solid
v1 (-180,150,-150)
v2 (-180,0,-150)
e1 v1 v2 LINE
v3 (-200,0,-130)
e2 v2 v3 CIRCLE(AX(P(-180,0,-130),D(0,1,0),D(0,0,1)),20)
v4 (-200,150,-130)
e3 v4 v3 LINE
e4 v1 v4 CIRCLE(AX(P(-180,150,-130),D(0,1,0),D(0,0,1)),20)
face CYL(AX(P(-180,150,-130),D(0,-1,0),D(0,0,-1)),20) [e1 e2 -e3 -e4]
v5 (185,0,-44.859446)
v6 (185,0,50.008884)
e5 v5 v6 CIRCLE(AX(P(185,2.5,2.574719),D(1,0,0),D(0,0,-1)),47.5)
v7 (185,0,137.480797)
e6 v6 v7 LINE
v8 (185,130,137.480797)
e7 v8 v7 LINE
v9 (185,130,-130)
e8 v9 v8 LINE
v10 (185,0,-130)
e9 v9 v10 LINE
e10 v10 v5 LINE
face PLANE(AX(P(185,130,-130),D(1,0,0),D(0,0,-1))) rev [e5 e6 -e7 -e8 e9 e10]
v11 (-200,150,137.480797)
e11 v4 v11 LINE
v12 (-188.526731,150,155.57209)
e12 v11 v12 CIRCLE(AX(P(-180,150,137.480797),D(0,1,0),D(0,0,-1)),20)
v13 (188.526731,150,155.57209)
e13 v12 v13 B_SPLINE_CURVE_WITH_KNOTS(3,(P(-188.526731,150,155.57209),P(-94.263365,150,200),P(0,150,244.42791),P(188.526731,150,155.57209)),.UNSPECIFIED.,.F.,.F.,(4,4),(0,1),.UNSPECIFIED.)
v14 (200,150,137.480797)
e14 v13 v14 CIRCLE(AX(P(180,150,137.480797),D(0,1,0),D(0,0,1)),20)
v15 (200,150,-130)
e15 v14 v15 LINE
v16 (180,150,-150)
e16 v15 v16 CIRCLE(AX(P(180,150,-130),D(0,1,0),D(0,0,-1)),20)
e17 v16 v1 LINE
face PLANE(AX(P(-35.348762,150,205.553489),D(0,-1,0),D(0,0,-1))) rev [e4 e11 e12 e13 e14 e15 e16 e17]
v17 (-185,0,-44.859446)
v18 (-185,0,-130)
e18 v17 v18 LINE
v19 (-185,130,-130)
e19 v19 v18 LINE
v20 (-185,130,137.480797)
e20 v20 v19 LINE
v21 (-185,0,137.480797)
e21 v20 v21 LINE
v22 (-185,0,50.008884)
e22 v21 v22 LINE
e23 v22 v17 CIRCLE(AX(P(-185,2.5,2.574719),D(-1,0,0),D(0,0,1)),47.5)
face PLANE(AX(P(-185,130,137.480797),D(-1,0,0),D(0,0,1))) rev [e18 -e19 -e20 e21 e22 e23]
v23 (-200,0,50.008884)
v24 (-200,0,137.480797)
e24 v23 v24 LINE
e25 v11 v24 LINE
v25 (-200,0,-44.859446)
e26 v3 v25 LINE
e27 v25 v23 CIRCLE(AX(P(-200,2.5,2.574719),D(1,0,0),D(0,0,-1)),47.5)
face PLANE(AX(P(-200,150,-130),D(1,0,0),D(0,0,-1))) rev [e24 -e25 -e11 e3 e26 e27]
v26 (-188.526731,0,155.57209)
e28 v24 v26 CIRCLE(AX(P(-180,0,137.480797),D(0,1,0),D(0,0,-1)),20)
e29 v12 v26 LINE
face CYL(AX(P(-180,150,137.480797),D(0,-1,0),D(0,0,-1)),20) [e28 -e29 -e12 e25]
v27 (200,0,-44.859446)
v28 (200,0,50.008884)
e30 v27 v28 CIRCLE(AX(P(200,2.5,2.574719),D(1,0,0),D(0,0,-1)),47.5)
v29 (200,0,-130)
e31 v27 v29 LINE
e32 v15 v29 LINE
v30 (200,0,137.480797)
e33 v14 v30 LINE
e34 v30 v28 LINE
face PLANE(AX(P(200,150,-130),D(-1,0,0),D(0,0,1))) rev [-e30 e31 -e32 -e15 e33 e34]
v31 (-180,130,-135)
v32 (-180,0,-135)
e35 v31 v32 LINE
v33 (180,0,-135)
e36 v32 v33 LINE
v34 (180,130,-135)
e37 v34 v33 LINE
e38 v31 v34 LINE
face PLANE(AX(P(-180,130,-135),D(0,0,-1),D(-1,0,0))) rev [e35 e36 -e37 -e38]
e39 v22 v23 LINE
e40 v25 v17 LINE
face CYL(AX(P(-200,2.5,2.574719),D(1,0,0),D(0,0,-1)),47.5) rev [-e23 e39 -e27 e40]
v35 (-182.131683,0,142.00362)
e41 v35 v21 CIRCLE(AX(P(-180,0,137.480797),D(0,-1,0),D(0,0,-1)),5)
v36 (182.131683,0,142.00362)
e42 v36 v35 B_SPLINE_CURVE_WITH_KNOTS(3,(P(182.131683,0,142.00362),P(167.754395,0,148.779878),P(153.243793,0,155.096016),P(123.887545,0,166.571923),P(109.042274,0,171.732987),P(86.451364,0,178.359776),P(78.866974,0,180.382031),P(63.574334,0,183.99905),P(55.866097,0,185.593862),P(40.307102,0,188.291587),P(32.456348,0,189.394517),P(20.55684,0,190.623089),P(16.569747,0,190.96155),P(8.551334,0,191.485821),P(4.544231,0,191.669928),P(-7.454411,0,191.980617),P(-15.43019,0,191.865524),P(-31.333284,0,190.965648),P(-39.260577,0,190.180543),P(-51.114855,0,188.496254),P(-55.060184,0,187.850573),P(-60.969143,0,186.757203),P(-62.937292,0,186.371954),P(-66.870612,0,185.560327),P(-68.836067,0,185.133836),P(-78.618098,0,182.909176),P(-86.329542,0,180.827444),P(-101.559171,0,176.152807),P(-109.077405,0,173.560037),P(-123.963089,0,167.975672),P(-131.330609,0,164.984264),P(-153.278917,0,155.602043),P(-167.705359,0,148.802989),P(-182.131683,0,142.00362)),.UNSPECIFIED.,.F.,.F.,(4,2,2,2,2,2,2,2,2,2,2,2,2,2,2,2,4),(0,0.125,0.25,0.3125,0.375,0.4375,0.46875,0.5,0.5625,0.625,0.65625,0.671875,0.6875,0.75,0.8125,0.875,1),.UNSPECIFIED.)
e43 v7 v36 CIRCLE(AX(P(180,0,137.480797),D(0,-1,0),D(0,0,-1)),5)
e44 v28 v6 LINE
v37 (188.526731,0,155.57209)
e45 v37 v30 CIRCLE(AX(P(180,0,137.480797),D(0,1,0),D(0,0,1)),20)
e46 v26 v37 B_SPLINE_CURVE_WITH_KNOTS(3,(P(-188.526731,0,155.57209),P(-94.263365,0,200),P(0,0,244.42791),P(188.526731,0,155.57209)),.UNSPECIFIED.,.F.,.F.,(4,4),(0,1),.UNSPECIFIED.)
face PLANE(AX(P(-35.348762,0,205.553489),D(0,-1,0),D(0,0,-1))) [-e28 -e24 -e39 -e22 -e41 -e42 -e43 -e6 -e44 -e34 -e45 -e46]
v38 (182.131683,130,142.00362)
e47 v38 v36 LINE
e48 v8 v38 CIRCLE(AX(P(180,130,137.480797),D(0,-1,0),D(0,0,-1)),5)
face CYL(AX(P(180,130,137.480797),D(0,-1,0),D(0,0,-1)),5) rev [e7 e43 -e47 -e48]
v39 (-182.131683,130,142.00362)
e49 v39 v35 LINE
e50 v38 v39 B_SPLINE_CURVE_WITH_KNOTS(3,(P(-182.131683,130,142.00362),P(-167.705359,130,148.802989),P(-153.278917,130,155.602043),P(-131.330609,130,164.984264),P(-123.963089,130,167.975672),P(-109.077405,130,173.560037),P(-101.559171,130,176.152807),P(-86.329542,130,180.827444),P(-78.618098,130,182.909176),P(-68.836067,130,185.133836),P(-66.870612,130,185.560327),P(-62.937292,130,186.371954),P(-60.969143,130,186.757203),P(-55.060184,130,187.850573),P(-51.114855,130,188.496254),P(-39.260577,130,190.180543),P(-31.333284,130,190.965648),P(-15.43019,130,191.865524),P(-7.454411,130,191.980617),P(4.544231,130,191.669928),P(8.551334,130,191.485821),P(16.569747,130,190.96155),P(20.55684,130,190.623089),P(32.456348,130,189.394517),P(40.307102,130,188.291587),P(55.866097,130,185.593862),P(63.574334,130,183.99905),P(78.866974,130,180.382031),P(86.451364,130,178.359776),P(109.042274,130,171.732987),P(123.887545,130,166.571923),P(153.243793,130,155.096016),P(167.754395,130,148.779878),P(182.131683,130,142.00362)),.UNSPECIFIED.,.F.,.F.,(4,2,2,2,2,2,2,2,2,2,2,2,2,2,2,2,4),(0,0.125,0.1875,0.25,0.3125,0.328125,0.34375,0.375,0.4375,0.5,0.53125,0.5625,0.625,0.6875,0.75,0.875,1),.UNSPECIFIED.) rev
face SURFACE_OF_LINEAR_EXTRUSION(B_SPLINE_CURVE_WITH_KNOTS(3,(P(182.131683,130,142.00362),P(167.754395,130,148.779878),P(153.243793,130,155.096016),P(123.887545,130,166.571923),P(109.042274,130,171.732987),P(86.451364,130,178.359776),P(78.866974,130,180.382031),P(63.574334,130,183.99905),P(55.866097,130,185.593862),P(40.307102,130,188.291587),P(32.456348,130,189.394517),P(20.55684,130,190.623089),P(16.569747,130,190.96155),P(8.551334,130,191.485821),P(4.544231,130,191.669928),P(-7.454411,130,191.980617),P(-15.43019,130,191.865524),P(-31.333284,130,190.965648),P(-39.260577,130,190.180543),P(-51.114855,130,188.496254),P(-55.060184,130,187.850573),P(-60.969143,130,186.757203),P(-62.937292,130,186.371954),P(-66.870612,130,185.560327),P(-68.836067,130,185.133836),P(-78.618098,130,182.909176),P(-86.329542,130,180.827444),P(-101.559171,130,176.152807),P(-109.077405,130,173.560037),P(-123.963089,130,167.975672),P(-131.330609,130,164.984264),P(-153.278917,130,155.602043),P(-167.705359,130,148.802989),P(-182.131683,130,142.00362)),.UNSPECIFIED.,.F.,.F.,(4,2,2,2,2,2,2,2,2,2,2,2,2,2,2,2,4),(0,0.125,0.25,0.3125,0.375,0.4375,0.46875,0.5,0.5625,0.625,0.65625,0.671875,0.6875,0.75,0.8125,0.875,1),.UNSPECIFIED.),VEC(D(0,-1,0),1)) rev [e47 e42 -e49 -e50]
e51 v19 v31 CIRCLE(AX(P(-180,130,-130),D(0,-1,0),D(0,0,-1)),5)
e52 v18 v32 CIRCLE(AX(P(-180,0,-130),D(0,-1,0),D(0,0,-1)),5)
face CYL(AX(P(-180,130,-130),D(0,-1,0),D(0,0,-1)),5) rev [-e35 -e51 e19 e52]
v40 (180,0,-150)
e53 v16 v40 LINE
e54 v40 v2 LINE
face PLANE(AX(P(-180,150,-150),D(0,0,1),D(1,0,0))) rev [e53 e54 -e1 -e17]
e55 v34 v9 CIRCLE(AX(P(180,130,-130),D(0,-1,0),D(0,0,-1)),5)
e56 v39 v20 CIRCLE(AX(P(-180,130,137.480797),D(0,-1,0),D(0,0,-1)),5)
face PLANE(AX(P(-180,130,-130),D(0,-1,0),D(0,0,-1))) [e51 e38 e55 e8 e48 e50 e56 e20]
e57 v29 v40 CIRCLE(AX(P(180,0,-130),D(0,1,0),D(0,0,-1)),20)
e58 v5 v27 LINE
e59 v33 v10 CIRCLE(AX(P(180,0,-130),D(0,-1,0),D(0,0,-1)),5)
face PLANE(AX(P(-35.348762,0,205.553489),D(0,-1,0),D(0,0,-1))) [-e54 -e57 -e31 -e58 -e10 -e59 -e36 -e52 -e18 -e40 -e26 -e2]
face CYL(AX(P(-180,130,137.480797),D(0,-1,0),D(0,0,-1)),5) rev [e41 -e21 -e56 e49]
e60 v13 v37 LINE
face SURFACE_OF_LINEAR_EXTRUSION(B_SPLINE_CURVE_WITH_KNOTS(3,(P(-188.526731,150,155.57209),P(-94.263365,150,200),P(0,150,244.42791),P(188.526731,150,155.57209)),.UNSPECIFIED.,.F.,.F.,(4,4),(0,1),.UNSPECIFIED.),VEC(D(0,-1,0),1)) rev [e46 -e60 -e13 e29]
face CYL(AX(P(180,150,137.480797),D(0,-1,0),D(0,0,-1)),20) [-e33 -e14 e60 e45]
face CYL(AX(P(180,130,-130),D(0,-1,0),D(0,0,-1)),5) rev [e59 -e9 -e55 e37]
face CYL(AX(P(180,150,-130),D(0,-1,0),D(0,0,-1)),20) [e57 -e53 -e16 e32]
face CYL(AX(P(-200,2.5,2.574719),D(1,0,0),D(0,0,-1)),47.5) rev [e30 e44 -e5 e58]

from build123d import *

# Parameters (mm, degrees)
BOSS_EXTRUDE5_DEPTH = 150
CUT_EXTRUDE4_DEPTH  = 130
SKETCH8_R           = 47.5
CUT_EXTRUDE5_DEPTH  = 475.65402898


with BuildPart() as part:
    # Sketch1 → Boss-Extrude5 (new body)
    with BuildSketch(Plane(origin=(0, 0, 0), x_dir=(1, 0, 0), z_dir=(0, 1, 0))):
        with BuildLine():
            Line((-180, 150), (180, 150))
            ThreePointArc((180, 150), (194.142135624, 144.142135624), (200, 130))
            Line((200, 130), (200, -137.480797285))
            ThreePointArc((200, -137.480797285), (196.889858076, -148.19213213), (188.526730584, -155.572089819))
            add(Edge.make_bspline(
                [(-188.526730584, -155.572089819), (-94.263365292, -200), (0, -244.427910181), (188.526730584, -155.572089819)],
                knots=[0, 0, 0, 0, 1, 1, 1, 1], degree=3))
            ThreePointArc((-188.526730584, -155.572089819), (-196.889858076, -148.19213213), (-200, -137.480797285))
            Line((-200, -137.480797285), (-200, 130))
            ThreePointArc((-200, 130), (-194.142135624, 144.142135624), (-180, 150))
        make_face()
    extrude(amount=BOSS_EXTRUDE5_DEPTH)

    # Sketch7 → Cut-Extrude4 (cut)
    with BuildSketch(Plane.XZ):
        with BuildLine():
            Line((-180, -135), (180, -135))
            ThreePointArc((180, -135), (183.535533906, -133.535533906), (185, -130))
            Line((185, -130), (185, 137.480797285))
            ThreePointArc((185, 137.480797285), (184.222464519, 140.158630996), (182.131682646, 142.003620419))
            add(Edge.make_bspline(
                [(182.131682646, 142.003620419), (167.754395175, 148.779877923), (153.243793404, 155.096016084), (123.887544981, 166.571922609), (109.042273823, 171.732986949), (86.451364448, 178.35977611), (78.866974419, 180.382030951), (63.574333937, 183.999050287), (55.866097219, 185.593862184), (40.307101742, 188.29158715), (32.456347746, 189.394516661), (20.556839665, 190.62308876), (16.569747475, 190.961550457), (8.551333739, 191.485821191), (4.544231323, 191.669927655), (-7.454411488, 191.980616602), (-15.430189587, 191.865523988), (-31.333284121, 190.965648075), (-39.260577272, 190.180543026), (-51.114854999, 188.496254108), (-55.060184136, 187.85057332), (-60.969143231, 186.757203044), (-62.937291634, 186.371953854), (-66.870612209, 185.560327), (-68.836067076, 185.13383579), (-78.618097665, 182.909176108), (-86.329542172, 180.827443766), (-101.559170643, 176.152807331), (-109.077405353, 173.560037463), (-123.963089417, 167.97567232), (-131.330609371, 164.984263785), (-153.278917059, 155.602043077), (-167.705359418, 148.8029893), (-182.131682646, 142.003620419)],
                knots=[0, 0, 0, 0, 0.125, 0.125, 0.25, 0.25, 0.3125, 0.3125, 0.375, 0.375, 0.4375, 0.4375, 0.46875, 0.46875, 0.5, 0.5, 0.5625, 0.5625, 0.625, 0.625, 0.65625, 0.65625, 0.671875, 0.671875, 0.6875, 0.6875, 0.75, 0.75, 0.8125, 0.8125, 0.875, 0.875, 1, 1, 1, 1], degree=3))
            ThreePointArc((-182.131682646, 142.003620419), (-184.222464519, 140.158630996), (-185, 137.480797285))
            Line((-185, 137.480797285), (-185, -130))
            ThreePointArc((-185, -130), (-183.535533906, -133.535533906), (-180, -135))
        make_face()
    extrude(amount=-CUT_EXTRUDE4_DEPTH, mode=Mode.SUBTRACT)

    # Sketch8 → Cut-Extrude5 (cut, through all)
    with BuildSketch(Plane(origin=(200, 0, 0), x_dir=(0, 0, -1), z_dir=(1, 0, 0))):
        with Locations((-2.574719222, 2.5)):
            Circle(SKETCH8_R)
    extrude(amount=-CUT_EXTRUDE5_DEPTH, mode=Mode.SUBTRACT)


solid = part.part
